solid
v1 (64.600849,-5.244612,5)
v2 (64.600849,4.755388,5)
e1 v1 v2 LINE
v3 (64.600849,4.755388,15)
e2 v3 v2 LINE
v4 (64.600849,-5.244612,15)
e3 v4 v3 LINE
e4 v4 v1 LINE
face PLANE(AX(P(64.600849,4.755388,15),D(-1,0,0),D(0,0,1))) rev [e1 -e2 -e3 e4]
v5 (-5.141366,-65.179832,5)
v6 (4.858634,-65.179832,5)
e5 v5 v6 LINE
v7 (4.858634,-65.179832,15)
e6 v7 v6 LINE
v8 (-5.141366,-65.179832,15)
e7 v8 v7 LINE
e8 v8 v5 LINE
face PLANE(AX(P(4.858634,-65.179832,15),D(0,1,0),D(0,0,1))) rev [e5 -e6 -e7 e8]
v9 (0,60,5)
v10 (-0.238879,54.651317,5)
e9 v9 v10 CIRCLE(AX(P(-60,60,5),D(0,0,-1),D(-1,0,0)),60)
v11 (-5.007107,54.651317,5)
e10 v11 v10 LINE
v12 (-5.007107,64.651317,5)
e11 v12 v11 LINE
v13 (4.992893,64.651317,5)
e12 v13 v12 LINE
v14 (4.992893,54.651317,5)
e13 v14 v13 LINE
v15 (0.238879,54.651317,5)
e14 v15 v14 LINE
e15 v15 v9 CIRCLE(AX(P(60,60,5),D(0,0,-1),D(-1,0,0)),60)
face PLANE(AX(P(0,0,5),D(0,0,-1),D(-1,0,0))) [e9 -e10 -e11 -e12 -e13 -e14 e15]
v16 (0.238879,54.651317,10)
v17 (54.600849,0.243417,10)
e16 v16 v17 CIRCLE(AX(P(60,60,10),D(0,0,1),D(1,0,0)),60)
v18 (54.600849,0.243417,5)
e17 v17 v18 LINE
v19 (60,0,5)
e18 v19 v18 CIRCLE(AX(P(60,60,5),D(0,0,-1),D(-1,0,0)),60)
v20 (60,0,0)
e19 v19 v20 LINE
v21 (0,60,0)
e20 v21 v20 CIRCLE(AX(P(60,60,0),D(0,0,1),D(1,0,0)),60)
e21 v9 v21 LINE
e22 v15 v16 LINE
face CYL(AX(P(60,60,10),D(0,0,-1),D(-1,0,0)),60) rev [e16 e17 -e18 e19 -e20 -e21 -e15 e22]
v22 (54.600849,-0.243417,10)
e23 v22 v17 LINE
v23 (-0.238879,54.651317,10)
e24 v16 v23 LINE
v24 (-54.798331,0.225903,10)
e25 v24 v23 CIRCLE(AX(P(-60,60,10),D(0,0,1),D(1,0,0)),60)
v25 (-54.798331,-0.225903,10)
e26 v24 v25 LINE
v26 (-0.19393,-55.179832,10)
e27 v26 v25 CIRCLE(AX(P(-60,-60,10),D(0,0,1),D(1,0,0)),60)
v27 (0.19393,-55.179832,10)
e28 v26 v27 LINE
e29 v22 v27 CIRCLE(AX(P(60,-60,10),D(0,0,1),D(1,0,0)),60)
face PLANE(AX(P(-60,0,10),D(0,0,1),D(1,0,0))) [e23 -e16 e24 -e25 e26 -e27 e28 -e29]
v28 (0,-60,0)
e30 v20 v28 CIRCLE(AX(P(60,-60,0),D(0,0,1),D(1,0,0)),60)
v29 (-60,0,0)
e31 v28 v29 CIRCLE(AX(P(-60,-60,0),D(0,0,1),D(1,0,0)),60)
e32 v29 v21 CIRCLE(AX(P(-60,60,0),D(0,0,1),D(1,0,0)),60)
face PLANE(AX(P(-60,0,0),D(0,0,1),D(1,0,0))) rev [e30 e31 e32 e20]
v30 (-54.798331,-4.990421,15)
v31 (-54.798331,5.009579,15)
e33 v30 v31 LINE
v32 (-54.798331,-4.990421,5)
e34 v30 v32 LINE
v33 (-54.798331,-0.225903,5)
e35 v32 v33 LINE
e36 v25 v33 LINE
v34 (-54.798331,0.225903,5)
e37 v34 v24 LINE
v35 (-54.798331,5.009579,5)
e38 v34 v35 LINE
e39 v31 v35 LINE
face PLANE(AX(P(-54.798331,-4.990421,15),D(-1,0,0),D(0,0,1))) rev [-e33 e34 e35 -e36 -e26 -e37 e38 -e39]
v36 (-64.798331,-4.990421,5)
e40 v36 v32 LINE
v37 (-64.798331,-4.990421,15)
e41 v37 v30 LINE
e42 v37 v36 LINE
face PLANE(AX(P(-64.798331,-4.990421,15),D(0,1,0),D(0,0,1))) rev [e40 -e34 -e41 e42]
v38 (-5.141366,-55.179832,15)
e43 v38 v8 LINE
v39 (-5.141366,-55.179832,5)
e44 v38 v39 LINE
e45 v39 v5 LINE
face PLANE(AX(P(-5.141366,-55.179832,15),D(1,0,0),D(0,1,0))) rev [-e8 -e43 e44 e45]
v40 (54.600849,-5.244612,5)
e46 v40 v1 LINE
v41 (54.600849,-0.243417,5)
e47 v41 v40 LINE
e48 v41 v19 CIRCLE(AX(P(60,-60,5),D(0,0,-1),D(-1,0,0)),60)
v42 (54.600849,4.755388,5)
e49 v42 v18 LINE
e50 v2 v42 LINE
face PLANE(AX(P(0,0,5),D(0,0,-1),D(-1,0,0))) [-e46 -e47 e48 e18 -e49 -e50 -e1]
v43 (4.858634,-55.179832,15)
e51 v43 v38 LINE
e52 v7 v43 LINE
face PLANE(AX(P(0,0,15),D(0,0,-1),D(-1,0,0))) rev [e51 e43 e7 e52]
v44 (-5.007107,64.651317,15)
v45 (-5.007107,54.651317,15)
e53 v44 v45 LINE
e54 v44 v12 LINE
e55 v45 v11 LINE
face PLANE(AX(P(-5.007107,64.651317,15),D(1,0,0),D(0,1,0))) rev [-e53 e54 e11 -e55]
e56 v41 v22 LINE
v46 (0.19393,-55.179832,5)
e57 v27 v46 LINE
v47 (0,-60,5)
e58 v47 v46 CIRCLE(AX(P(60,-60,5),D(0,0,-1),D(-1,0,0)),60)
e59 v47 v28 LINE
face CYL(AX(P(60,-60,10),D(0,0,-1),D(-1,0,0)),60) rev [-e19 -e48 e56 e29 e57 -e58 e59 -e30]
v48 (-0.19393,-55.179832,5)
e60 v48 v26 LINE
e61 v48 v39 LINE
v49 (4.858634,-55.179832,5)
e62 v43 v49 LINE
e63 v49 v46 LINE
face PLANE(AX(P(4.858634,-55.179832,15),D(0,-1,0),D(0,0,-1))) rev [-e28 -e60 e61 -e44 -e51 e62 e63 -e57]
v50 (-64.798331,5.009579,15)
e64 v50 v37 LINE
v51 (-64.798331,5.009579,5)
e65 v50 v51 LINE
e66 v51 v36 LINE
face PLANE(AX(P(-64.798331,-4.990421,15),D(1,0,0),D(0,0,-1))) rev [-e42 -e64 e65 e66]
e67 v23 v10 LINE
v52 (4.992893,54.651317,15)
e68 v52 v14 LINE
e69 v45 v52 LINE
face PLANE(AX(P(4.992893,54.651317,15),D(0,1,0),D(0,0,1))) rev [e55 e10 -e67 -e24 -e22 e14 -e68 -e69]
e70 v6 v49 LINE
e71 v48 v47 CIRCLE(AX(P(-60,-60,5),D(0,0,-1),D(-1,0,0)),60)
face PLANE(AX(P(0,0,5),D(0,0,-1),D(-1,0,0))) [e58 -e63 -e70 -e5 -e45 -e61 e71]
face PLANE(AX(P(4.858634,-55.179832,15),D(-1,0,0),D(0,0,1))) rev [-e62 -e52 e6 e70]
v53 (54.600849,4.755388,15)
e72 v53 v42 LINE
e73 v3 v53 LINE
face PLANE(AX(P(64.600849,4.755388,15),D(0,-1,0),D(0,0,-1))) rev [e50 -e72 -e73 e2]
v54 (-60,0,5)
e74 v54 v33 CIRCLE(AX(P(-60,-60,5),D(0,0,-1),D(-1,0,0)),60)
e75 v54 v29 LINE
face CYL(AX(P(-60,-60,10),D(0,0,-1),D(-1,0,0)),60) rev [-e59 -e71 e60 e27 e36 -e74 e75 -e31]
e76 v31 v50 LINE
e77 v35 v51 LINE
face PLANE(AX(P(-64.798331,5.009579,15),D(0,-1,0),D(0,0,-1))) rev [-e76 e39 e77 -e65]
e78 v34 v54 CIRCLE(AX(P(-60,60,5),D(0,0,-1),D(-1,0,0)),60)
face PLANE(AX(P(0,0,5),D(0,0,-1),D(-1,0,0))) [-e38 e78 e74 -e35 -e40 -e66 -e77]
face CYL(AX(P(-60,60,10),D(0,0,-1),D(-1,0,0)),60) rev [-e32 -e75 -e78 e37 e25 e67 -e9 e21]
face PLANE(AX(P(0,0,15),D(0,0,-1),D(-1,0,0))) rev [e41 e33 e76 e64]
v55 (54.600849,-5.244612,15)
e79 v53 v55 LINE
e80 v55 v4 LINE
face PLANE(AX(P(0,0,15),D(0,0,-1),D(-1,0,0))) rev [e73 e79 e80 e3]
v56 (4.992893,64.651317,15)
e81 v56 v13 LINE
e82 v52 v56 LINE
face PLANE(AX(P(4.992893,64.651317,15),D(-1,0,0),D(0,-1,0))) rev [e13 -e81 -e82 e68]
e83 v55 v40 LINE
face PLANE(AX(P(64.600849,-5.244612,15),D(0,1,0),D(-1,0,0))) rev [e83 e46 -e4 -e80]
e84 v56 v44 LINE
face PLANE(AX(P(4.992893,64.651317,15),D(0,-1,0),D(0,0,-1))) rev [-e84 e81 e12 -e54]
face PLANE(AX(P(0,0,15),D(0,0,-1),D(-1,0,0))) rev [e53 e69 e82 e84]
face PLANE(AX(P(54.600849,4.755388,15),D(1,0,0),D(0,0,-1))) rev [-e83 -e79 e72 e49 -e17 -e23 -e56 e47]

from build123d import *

# Parameters (mm, degrees)
BOSS_EXTRUDE2_DEPTH = 10
SKETCH2_W           = 10
SKETCH2_H           = 10
BOSS_EXTRUDE3_DEPTH = 5


with BuildPart() as part:
    # Sketch1 → Boss-Extrude2 (new body)
    with BuildSketch(Plane.XY):
        with BuildLine():
            ThreePointArc((0, 60), (17.573593129, 17.573593129), (60, 0))
            ThreePointArc((60, 0), (17.573593129, -17.573593129), (0, -60))
            ThreePointArc((0, -60), (-17.573593129, -17.573593129), (-60, 0))
            ThreePointArc((-60, 0), (-17.573593129, 17.573593129), (0, 60))
        make_face()
    extrude(amount=BOSS_EXTRUDE2_DEPTH)

    # Sketch2 → Boss-Extrude3 (add, symmetric)
    with BuildSketch(Plane.XY.offset(10)):
        with Locations((-0.141365773, -60.179831665)):
            Rectangle(SKETCH2_W, SKETCH2_H)
        with Locations((59.60084876, -0.244611601)):
            Rectangle(SKETCH2_W, SKETCH2_H)
        with Locations((-59.798330542, 0.00957883)):
            Rectangle(SKETCH2_W, SKETCH2_H)
        with Locations((-0.007106667, 59.651317451)):
            Rectangle(SKETCH2_W, SKETCH2_H)
    extrude(amount=BOSS_EXTRUDE3_DEPTH, both=True)


solid = part.part
